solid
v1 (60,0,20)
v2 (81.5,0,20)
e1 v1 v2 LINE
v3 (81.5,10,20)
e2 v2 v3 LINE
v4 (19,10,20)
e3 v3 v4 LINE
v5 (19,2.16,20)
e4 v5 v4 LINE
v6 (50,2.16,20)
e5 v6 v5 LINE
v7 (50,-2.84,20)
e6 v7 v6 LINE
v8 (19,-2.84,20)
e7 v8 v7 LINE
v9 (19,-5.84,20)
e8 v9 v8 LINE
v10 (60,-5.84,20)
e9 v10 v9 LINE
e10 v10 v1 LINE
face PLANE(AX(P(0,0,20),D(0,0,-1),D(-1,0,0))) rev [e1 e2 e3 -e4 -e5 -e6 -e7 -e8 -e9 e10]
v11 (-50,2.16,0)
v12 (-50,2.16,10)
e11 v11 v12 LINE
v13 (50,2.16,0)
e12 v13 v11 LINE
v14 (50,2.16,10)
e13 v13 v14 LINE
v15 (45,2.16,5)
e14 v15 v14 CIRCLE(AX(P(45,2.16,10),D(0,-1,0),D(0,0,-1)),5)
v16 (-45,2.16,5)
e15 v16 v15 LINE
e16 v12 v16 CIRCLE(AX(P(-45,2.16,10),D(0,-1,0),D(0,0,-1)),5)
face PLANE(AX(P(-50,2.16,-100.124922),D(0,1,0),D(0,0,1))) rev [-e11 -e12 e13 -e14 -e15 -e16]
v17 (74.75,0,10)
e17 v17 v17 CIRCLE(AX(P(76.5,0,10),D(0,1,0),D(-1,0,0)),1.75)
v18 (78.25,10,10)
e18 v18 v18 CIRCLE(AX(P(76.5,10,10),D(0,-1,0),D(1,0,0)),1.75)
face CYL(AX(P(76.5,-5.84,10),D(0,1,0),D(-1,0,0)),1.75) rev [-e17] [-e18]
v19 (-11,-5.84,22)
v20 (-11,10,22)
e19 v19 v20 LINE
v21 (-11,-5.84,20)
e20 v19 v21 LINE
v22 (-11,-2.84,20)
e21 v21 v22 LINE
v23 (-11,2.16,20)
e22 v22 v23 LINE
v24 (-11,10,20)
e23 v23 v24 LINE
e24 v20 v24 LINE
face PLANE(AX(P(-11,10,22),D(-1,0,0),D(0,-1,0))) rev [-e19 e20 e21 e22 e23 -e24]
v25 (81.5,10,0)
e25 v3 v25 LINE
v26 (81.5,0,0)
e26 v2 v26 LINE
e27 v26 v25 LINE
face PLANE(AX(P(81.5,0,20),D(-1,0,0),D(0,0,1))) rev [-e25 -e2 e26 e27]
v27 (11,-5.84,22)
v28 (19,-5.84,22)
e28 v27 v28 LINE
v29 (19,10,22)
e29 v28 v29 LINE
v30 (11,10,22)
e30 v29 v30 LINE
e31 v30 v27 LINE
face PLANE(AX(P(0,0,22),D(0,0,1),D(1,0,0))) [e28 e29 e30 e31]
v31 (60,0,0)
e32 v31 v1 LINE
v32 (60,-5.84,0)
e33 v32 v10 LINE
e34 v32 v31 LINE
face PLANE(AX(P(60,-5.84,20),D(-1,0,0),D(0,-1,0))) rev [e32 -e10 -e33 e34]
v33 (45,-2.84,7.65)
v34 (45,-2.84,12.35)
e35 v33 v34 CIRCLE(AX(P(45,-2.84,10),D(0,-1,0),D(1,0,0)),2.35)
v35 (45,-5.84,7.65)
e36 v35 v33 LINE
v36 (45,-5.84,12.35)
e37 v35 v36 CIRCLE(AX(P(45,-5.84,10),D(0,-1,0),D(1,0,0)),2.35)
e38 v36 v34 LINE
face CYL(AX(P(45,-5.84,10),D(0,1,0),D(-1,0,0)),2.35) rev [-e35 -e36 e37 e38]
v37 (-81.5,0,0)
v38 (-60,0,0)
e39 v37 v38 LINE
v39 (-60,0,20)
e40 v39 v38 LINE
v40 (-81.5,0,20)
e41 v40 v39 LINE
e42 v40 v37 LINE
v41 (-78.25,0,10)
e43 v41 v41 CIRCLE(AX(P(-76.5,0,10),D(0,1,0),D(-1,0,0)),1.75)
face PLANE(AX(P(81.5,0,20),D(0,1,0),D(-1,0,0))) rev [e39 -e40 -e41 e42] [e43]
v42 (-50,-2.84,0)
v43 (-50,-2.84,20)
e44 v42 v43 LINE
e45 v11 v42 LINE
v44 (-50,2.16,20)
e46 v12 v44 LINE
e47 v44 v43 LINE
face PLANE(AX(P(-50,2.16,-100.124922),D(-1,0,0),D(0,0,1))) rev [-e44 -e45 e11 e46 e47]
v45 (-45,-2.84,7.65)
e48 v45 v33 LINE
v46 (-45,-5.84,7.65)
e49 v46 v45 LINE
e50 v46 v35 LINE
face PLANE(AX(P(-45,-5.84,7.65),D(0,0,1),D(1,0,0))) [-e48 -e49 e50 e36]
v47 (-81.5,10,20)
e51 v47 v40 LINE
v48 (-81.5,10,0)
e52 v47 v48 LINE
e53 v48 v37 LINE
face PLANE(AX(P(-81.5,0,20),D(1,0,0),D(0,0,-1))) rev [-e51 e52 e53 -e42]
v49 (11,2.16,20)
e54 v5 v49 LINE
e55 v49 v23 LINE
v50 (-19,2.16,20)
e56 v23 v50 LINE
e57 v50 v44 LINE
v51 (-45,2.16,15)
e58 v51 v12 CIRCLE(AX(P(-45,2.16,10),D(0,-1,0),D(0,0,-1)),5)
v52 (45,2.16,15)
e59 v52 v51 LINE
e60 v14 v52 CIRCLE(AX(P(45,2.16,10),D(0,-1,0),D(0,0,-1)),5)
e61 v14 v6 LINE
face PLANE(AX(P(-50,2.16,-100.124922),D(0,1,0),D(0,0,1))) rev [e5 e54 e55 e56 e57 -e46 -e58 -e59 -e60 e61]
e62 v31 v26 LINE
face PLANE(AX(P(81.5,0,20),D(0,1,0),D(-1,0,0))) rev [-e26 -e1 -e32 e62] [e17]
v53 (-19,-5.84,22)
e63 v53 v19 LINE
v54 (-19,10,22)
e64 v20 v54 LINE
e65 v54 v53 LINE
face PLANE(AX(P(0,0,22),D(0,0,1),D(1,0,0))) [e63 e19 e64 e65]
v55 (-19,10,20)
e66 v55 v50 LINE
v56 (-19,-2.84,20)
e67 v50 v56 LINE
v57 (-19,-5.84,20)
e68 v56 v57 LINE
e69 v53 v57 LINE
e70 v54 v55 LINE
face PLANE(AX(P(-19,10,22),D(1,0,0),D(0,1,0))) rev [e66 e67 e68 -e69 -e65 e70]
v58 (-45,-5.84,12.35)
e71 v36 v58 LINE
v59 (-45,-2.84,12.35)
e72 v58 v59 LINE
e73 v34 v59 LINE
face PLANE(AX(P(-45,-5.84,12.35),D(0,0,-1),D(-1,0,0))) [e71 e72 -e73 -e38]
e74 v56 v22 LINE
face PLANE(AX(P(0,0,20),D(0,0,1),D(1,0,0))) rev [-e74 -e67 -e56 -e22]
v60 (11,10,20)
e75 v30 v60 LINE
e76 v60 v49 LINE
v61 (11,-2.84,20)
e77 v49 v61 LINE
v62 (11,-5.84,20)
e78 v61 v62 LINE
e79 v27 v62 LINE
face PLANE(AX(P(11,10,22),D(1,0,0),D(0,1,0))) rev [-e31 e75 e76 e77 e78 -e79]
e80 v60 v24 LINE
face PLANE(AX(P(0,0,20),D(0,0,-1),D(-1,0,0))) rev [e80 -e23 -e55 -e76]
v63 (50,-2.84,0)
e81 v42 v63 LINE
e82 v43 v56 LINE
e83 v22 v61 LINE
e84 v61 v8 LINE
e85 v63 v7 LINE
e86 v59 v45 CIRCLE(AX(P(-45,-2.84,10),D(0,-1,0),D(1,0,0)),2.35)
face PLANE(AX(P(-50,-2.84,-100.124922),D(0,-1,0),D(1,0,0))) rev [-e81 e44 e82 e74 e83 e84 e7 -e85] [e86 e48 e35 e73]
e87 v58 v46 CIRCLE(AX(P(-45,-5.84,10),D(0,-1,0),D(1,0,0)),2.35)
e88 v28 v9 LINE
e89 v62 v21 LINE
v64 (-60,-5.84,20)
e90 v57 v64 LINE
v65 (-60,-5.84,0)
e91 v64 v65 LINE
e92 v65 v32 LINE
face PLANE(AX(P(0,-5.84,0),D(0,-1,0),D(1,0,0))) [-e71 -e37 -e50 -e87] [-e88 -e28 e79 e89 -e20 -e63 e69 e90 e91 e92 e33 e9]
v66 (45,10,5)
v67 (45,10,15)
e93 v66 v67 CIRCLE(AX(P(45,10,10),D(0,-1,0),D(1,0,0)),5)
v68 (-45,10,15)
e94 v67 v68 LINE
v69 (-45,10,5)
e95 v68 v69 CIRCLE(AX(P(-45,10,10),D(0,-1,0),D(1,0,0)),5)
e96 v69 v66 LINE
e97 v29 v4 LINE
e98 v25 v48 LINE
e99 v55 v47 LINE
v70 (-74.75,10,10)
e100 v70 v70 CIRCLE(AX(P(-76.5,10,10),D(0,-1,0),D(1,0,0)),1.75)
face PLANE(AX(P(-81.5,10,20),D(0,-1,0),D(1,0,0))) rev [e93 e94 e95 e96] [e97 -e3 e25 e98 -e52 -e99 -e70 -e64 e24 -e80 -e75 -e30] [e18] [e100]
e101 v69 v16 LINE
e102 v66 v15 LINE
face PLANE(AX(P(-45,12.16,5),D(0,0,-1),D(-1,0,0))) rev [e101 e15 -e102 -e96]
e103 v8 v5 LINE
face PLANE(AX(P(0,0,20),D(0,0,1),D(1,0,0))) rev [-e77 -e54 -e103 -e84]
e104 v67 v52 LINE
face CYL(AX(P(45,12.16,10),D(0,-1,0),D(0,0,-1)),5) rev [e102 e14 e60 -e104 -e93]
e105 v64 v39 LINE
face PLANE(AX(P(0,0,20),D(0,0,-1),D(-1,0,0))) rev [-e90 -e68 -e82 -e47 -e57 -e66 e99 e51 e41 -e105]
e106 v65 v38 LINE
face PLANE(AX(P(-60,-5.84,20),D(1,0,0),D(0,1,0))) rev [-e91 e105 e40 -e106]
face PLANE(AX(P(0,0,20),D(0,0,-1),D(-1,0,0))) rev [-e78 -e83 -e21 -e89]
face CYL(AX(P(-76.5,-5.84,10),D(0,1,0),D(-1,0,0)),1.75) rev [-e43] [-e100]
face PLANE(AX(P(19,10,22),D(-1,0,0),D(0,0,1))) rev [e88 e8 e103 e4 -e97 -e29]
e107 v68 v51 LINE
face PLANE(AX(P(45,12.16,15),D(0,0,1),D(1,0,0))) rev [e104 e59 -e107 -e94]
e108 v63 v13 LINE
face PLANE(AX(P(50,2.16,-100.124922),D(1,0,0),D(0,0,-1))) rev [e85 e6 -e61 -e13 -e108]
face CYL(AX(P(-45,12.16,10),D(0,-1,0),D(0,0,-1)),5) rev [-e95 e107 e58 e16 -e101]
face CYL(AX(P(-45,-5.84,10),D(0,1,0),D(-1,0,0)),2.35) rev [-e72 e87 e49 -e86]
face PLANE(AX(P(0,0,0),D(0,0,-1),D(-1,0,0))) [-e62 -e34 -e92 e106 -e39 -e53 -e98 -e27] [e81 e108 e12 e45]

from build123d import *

# Parameters (mm, degrees)
SKETCH1_W               = 163
SKETCH1_H               = 10
BOSS_EXTRUDE1_DEPTH     = 20
SKETCH4_W               = 120
SKETCH4_H               = 20
BOSS_EXTRUDE2_DEPTH     = 5.84
CUT_EXTRUDE1_REACH      = 86.512
SKETCH5_W               = 100
SKETCH5_H               = 5
CUT_EXTRUDE2_DEPTH      = 10
CUT_EXTRUDE3_DEPTH      = 86.399974239
CUT_EXTRUDE3_DEPTH_BACK = 86.399974239
SKETCH2_R               = 1.75
SKETCH7_W               = 8
SKETCH7_H               = 15.84
BOSS_EXTRUDE3_DEPTH     = 2


with BuildPart() as part:
    # Sketch1 → Boss-Extrude1 (new body)
    with BuildSketch(Plane.XY):
        with Locations((0, 5)):
            Rectangle(SKETCH1_W, SKETCH1_H)
    extrude(amount=BOSS_EXTRUDE1_DEPTH)

    # Sketch4 → Boss-Extrude2 (add)
    with BuildSketch(Plane.XZ):
        with Locations((0, 10)):
            Rectangle(SKETCH4_W, SKETCH4_H)
        with BuildLine():
            Line((-45, 12.35), (45, 12.35))
            ThreePointArc((45, 12.35), (47.35, 10), (45, 7.65))
            Line((45, 7.65), (-45, 7.65))
            ThreePointArc((-45, 7.65), (-47.35, 10), (-45, 12.35))
        make_face(mode=Mode.SUBTRACT)
    extrude(amount=BOSS_EXTRUDE2_DEPTH)

    # Cut-Extrude1: up to this face of the body (flat: up to its plane)
    cut_extrude1_end = Plane(part.part.faces().sort_by_distance((0, 2.618699159, 0))[0])
    # Sketch5 → Cut-Extrude1 (cut, up to the picked face)
    with BuildSketch(Plane.XY.offset(20), mode=Mode.PRIVATE) as cut_extrude1_sk1:
        with Locations((0, -0.34)):
            Rectangle(SKETCH5_W, SKETCH5_H)
    cut_extrude1_tool1 = split(extrude(cut_extrude1_sk1.sketch, amount=-CUT_EXTRUDE1_REACH, mode=Mode.PRIVATE), bisect_by=cut_extrude1_end, keep=Keep.BOTH, mode=Mode.PRIVATE)
    add(cut_extrude1_tool1.solids().sort_by(Axis((0, -0.34, 20), (0, 0, -1)))[0], mode=Mode.SUBTRACT)

    # Sketch6 → Cut-Extrude2 (cut)
    with BuildSketch(Plane.XZ.offset(-2.16)):
        with BuildLine():
            Line((-45, 5), (45, 5))
            ThreePointArc((45, 5), (50, 10), (45, 15))
            Line((45, 15), (-45, 15))
            ThreePointArc((-45, 15), (-50, 10), (-45, 5))
        make_face()
    extrude(amount=-CUT_EXTRUDE2_DEPTH, mode=Mode.SUBTRACT)

    # Sketch2 → Cut-Extrude3 (cut, two sides: drawn at the far end of the back side and taken through both)
    with BuildSketch(Plane(origin=(0, 10, 0), x_dir=(1, 0, 0), z_dir=(0, 1, 0)).offset(-CUT_EXTRUDE3_DEPTH_BACK)):
        with Locations(Location((76.5, -10, 0), (0, 0, 180))):
            Circle(SKETCH2_R)
        with Locations(Location((-76.5, -10, 0), (0, 0, 180))):
            Circle(SKETCH2_R)
    extrude(amount=CUT_EXTRUDE3_DEPTH + CUT_EXTRUDE3_DEPTH_BACK, mode=Mode.SUBTRACT)

    # Sketch7 → Boss-Extrude3 (add)
    with BuildSketch(Plane.XY.offset(20)):
        with Locations((-15, 2.08)):
            Rectangle(SKETCH7_W, SKETCH7_H)
        with Locations((15, 2.08)):
            Rectangle(SKETCH7_W, SKETCH7_H)
    extrude(amount=BOSS_EXTRUDE3_DEPTH)


solid = part.part
